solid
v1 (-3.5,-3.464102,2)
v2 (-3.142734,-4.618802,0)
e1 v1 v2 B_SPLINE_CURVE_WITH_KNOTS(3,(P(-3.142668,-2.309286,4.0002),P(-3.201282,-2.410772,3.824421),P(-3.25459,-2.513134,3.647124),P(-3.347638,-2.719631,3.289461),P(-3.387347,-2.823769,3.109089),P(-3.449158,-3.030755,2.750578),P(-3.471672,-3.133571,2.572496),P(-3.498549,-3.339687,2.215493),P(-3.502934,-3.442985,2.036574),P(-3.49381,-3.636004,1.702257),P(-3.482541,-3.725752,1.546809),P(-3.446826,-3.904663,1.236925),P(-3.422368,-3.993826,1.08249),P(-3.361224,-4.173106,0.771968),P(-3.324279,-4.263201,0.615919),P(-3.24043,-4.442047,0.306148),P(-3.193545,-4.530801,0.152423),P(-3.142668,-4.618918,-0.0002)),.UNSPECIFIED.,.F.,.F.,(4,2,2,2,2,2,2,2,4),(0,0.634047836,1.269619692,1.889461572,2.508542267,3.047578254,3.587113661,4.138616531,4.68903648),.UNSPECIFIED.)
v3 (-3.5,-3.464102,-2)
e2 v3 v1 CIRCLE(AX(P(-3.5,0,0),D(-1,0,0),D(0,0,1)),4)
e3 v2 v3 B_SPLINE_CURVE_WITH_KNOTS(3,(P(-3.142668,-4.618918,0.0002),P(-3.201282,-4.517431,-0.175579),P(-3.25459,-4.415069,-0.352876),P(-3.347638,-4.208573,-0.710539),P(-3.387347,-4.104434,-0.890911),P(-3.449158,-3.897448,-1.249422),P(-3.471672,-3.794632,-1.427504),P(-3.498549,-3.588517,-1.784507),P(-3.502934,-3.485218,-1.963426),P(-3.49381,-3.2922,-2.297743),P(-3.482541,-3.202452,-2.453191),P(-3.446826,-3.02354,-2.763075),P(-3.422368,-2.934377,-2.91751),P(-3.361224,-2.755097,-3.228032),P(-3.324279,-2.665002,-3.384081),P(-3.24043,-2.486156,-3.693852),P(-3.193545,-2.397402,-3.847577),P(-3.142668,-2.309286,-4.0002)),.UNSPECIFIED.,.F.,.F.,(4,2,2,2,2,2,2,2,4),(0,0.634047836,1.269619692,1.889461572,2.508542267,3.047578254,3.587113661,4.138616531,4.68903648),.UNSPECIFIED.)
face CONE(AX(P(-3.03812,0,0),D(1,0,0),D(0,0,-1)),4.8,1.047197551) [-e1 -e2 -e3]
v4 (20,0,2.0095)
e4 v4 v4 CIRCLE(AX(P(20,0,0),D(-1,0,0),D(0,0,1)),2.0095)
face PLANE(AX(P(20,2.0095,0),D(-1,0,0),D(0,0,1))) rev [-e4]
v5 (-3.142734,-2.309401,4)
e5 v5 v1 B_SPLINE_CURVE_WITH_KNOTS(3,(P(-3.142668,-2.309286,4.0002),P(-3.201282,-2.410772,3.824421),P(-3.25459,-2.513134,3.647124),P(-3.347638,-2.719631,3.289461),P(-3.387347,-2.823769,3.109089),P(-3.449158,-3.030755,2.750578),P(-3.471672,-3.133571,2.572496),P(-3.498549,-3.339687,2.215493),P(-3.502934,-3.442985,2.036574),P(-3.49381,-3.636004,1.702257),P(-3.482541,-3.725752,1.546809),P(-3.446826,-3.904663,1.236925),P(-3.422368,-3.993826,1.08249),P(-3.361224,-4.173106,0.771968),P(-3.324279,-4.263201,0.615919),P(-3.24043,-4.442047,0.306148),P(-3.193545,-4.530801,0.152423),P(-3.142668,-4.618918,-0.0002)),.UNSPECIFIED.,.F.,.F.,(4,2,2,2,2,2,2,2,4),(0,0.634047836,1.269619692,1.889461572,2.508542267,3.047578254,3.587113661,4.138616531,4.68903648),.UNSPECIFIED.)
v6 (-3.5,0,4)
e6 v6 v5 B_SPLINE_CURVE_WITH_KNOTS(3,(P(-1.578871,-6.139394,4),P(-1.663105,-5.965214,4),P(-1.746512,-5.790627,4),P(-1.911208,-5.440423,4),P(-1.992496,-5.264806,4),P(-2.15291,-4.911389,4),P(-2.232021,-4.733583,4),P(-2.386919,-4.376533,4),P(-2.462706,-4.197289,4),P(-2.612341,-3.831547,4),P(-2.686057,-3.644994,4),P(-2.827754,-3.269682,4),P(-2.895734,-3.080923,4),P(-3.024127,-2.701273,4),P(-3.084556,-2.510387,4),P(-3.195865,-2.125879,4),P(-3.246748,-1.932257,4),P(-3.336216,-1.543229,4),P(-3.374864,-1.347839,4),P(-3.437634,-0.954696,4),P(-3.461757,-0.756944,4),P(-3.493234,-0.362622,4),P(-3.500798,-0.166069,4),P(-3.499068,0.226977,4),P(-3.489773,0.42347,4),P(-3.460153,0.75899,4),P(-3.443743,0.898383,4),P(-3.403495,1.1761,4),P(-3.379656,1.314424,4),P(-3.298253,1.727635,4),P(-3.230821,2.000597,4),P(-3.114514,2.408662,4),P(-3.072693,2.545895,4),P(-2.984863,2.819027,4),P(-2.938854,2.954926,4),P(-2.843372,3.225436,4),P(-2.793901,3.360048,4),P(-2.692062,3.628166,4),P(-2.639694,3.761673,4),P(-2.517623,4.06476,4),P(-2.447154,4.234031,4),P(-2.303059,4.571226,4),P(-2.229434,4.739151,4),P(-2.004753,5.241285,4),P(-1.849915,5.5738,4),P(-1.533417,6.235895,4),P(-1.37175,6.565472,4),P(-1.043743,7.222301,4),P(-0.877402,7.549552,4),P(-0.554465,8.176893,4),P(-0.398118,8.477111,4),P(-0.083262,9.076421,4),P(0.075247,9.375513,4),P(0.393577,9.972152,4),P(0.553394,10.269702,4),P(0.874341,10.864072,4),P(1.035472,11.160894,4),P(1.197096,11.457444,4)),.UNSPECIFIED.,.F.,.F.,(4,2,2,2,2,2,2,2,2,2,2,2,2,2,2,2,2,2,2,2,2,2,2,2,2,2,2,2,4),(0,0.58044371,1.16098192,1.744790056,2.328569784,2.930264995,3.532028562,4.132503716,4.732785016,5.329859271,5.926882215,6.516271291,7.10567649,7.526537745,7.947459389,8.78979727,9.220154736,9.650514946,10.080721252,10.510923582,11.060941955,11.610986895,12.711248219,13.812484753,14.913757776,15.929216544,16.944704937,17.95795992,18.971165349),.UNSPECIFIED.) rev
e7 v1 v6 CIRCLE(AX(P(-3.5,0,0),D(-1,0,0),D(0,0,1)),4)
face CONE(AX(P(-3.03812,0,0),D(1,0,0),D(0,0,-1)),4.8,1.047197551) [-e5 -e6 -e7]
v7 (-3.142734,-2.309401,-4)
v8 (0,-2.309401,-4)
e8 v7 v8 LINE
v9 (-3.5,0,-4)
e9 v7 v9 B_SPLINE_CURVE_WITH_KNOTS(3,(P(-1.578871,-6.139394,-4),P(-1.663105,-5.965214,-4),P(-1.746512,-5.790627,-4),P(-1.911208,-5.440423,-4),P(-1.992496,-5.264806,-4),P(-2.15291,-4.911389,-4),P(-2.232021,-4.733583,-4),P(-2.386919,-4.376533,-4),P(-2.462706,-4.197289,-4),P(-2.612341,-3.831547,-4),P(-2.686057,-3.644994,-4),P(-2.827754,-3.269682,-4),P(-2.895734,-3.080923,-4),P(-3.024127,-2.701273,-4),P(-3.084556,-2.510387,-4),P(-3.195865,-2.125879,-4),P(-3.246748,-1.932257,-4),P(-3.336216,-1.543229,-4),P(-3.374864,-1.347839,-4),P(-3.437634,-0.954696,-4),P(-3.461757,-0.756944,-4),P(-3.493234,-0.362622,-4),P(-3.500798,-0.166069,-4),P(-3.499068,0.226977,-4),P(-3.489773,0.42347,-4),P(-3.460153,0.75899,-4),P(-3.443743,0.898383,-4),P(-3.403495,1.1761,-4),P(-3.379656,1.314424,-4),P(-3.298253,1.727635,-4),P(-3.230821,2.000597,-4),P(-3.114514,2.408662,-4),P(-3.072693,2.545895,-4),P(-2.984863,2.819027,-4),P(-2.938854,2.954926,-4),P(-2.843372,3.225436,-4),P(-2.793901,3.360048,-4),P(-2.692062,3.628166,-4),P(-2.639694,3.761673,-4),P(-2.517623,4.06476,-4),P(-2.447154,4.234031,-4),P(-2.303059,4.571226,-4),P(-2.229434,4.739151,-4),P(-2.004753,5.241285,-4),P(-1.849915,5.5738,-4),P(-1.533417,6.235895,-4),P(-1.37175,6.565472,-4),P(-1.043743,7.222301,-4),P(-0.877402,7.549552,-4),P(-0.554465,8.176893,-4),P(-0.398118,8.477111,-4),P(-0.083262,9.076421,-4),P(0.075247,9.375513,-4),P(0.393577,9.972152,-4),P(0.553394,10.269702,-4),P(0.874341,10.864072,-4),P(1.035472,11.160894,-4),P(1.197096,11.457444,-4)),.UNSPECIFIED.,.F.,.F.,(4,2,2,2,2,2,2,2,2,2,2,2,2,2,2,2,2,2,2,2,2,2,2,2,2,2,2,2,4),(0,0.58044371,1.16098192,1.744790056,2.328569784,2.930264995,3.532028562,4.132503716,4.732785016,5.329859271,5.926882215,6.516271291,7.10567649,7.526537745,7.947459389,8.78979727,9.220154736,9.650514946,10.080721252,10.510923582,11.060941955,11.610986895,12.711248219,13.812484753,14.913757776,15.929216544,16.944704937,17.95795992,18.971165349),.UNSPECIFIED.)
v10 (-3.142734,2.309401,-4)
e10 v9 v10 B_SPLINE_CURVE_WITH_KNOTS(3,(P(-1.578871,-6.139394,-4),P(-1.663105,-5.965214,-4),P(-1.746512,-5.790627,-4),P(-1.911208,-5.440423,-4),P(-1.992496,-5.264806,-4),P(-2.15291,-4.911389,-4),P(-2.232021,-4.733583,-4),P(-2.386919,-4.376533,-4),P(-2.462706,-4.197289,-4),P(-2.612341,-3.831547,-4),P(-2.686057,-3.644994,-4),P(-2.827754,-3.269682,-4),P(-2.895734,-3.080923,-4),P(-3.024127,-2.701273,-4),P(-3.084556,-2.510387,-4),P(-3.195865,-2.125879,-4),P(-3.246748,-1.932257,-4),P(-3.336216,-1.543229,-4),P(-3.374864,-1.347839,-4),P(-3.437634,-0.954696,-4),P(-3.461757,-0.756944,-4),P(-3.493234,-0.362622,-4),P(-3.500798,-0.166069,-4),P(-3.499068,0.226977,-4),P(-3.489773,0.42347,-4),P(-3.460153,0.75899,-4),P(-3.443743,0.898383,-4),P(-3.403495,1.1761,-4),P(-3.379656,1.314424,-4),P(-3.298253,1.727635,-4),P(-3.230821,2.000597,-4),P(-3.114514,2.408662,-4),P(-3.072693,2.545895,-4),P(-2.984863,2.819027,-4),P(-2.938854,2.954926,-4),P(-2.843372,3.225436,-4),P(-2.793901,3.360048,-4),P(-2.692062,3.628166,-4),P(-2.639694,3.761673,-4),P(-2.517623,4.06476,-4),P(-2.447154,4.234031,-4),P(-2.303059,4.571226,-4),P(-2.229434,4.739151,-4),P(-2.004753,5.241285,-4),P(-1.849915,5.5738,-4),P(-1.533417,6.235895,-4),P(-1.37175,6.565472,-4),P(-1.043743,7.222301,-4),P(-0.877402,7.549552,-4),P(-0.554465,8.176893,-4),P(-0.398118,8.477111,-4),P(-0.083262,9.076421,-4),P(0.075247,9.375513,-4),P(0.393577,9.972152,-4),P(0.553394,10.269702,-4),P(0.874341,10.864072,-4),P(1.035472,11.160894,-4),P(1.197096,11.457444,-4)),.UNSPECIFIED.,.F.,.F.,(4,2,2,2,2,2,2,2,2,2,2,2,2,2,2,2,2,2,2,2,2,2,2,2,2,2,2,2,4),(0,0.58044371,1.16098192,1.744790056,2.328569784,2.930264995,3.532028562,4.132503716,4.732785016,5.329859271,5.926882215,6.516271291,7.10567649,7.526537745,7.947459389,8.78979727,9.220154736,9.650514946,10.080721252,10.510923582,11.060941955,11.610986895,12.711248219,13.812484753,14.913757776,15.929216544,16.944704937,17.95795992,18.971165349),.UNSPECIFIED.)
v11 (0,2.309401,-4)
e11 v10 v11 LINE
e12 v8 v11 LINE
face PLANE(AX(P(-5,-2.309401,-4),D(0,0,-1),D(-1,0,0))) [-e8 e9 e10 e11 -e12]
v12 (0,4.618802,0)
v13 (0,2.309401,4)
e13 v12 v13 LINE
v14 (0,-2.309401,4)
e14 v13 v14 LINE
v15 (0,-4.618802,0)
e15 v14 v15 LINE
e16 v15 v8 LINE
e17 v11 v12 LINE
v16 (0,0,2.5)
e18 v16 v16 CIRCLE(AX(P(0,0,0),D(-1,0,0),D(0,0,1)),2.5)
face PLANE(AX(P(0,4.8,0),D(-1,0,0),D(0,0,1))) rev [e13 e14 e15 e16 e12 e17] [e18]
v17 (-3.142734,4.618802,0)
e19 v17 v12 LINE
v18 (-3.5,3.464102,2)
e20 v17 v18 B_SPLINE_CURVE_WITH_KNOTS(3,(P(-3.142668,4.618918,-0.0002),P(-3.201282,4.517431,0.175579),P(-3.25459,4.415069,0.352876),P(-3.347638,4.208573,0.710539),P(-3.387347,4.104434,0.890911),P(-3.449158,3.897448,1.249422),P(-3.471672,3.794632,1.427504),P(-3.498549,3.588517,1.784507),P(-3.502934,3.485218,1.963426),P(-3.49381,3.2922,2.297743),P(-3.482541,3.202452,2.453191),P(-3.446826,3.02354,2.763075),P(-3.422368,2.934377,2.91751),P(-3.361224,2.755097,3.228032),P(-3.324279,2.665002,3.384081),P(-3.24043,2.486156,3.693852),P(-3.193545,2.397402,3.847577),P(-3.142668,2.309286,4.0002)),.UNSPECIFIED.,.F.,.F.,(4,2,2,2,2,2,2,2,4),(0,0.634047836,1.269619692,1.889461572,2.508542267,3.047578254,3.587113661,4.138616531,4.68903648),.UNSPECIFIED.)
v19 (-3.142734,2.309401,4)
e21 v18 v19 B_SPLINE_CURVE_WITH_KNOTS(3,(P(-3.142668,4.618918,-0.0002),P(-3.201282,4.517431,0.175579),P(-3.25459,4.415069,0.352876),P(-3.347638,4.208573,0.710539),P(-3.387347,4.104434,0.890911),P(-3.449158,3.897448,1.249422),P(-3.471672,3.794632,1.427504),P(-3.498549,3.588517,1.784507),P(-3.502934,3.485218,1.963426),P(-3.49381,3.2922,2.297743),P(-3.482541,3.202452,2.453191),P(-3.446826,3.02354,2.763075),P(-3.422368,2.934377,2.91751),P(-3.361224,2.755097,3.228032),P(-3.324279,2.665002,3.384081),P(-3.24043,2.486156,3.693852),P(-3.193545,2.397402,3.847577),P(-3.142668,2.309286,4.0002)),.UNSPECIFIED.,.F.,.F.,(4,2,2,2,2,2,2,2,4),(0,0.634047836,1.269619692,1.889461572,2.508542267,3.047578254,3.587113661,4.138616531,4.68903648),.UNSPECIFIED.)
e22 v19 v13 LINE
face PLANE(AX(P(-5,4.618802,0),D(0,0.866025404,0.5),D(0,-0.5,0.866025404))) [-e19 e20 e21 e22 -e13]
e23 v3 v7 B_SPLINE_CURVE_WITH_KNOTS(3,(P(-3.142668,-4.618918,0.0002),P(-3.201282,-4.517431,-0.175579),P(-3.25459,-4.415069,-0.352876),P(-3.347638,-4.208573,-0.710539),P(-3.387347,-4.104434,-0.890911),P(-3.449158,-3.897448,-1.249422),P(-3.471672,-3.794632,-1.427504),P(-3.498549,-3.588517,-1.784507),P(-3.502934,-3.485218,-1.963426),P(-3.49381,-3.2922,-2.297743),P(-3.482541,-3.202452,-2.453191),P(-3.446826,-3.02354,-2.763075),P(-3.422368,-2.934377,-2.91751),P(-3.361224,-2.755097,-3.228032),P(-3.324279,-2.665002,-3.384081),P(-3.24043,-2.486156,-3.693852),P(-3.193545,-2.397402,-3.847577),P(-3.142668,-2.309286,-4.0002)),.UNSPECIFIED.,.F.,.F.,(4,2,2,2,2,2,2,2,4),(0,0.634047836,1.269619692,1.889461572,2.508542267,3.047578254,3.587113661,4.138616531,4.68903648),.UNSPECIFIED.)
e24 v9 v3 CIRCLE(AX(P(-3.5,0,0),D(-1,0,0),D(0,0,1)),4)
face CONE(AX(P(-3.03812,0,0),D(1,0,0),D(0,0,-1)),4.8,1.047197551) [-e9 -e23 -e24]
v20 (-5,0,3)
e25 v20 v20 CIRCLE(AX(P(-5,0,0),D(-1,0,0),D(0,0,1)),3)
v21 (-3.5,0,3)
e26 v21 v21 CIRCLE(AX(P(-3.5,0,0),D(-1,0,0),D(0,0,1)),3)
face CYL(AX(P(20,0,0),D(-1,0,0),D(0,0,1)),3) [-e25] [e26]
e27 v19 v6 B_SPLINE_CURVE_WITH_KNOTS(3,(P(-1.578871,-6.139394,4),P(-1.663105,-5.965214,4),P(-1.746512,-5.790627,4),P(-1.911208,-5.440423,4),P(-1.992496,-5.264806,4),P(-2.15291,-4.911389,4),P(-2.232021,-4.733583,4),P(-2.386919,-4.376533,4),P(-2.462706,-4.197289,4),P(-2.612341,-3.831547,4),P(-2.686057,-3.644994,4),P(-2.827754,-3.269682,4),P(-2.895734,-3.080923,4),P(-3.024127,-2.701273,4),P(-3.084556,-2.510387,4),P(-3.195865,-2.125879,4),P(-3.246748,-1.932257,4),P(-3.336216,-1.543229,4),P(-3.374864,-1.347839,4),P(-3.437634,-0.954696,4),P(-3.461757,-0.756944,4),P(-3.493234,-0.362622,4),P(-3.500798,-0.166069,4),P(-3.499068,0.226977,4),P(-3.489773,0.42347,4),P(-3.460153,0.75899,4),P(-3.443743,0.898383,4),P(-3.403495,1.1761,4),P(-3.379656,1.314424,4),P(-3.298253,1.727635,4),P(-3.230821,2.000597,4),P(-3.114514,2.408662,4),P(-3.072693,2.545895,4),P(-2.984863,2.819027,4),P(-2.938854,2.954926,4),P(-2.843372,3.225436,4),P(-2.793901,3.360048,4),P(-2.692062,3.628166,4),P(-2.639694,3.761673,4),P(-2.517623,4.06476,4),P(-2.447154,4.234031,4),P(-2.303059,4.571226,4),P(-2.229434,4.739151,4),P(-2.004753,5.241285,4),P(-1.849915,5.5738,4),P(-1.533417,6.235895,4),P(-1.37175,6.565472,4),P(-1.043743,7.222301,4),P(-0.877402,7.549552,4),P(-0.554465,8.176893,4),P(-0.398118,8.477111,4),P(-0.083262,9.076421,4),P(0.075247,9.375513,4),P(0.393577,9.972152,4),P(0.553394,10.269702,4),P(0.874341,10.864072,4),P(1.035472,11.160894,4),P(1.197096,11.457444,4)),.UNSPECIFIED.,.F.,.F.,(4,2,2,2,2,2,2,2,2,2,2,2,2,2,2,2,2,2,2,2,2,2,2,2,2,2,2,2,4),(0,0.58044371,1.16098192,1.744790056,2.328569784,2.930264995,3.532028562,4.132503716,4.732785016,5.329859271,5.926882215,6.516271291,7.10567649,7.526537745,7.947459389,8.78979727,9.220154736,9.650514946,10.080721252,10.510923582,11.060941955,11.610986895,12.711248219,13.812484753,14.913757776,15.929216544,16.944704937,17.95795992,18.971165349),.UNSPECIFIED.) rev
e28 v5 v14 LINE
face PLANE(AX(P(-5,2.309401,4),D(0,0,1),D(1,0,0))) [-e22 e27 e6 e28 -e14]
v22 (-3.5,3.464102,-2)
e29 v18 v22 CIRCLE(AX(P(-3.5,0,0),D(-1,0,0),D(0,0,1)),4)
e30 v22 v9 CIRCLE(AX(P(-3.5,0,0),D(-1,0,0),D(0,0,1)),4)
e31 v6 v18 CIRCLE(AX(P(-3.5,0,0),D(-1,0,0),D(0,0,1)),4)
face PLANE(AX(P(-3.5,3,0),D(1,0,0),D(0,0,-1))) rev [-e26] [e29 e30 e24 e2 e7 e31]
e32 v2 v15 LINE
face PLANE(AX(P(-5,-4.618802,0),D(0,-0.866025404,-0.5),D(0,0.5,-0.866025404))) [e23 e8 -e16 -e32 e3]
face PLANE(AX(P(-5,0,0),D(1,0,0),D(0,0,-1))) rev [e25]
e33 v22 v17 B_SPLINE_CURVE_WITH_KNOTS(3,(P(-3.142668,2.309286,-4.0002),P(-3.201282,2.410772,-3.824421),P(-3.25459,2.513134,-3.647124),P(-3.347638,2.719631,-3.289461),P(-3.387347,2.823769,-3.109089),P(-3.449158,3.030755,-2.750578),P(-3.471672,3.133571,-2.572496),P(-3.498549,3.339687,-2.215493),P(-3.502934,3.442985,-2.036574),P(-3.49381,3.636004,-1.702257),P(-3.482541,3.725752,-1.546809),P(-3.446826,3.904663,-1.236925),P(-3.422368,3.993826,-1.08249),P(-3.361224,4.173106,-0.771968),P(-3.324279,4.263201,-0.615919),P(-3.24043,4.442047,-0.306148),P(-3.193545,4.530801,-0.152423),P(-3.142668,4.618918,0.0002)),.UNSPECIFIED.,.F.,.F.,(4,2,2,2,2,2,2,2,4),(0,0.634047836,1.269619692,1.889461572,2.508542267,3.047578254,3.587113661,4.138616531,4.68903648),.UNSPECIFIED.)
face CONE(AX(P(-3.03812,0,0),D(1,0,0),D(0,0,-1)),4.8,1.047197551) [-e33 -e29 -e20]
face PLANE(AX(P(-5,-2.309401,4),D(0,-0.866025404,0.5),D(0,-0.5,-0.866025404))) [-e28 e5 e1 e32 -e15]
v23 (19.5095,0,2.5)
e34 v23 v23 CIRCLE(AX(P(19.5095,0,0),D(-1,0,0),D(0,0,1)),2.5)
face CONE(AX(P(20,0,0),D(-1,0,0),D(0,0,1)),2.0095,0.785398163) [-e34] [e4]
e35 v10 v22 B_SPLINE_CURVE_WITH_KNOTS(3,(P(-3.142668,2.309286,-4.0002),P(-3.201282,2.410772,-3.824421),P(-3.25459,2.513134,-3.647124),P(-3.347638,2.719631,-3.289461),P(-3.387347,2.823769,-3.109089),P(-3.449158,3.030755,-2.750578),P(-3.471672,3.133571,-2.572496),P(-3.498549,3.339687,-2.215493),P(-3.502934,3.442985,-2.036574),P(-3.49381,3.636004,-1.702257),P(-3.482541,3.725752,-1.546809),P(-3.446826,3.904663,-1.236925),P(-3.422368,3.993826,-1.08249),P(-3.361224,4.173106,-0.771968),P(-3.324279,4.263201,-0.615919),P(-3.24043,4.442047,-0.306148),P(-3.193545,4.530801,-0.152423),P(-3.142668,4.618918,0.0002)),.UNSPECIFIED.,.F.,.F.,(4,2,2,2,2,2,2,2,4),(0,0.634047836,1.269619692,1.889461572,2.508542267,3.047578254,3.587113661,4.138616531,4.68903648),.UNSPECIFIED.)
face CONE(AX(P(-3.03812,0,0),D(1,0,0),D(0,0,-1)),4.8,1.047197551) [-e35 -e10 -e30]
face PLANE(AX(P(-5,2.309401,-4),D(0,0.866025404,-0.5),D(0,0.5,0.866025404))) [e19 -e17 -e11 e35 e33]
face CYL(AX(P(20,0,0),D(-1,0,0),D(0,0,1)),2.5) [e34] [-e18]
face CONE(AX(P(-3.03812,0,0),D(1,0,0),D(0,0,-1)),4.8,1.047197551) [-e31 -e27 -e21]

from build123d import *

# Parameters (mm, degrees)
SKETCH_2_W          = 18.4
SKETCH_2_H          = 18.4
CUT_EXTRUDE_1_DEPTH = 5


with BuildPart() as part:
    # 草图1 → 旋转1 (revolve)
    with BuildSketch(Plane.XY):
        Polygon((-5, 0), (-5, 3), (-3.5, 3), (-3.5, 4), (-3.038119785, 4.8), (0, 4.8), (0, 2.5), (19.5095, 2.5), (20, 2.0095), (20, 0), align=None)
    revolve(axis=Axis((20, 0, 0), (-1, 0, 0)))

    # 草图2 → 切除-拉伸1 (cut)
    with BuildSketch(Plane(origin=(0, 0, 0), x_dir=(0, 0, -1), z_dir=(1, 0, 0))):
        Rectangle(SKETCH_2_W, SKETCH_2_H)
        Polygon((-4, 2.309401077), (-4, -2.309401077), (0, -4.618802154), (4, -2.309401077), (4, 2.309401077), (0, 4.618802154), align=None, mode=Mode.SUBTRACT)
    extrude(amount=-CUT_EXTRUDE_1_DEPTH, mode=Mode.SUBTRACT)


solid = part.part
